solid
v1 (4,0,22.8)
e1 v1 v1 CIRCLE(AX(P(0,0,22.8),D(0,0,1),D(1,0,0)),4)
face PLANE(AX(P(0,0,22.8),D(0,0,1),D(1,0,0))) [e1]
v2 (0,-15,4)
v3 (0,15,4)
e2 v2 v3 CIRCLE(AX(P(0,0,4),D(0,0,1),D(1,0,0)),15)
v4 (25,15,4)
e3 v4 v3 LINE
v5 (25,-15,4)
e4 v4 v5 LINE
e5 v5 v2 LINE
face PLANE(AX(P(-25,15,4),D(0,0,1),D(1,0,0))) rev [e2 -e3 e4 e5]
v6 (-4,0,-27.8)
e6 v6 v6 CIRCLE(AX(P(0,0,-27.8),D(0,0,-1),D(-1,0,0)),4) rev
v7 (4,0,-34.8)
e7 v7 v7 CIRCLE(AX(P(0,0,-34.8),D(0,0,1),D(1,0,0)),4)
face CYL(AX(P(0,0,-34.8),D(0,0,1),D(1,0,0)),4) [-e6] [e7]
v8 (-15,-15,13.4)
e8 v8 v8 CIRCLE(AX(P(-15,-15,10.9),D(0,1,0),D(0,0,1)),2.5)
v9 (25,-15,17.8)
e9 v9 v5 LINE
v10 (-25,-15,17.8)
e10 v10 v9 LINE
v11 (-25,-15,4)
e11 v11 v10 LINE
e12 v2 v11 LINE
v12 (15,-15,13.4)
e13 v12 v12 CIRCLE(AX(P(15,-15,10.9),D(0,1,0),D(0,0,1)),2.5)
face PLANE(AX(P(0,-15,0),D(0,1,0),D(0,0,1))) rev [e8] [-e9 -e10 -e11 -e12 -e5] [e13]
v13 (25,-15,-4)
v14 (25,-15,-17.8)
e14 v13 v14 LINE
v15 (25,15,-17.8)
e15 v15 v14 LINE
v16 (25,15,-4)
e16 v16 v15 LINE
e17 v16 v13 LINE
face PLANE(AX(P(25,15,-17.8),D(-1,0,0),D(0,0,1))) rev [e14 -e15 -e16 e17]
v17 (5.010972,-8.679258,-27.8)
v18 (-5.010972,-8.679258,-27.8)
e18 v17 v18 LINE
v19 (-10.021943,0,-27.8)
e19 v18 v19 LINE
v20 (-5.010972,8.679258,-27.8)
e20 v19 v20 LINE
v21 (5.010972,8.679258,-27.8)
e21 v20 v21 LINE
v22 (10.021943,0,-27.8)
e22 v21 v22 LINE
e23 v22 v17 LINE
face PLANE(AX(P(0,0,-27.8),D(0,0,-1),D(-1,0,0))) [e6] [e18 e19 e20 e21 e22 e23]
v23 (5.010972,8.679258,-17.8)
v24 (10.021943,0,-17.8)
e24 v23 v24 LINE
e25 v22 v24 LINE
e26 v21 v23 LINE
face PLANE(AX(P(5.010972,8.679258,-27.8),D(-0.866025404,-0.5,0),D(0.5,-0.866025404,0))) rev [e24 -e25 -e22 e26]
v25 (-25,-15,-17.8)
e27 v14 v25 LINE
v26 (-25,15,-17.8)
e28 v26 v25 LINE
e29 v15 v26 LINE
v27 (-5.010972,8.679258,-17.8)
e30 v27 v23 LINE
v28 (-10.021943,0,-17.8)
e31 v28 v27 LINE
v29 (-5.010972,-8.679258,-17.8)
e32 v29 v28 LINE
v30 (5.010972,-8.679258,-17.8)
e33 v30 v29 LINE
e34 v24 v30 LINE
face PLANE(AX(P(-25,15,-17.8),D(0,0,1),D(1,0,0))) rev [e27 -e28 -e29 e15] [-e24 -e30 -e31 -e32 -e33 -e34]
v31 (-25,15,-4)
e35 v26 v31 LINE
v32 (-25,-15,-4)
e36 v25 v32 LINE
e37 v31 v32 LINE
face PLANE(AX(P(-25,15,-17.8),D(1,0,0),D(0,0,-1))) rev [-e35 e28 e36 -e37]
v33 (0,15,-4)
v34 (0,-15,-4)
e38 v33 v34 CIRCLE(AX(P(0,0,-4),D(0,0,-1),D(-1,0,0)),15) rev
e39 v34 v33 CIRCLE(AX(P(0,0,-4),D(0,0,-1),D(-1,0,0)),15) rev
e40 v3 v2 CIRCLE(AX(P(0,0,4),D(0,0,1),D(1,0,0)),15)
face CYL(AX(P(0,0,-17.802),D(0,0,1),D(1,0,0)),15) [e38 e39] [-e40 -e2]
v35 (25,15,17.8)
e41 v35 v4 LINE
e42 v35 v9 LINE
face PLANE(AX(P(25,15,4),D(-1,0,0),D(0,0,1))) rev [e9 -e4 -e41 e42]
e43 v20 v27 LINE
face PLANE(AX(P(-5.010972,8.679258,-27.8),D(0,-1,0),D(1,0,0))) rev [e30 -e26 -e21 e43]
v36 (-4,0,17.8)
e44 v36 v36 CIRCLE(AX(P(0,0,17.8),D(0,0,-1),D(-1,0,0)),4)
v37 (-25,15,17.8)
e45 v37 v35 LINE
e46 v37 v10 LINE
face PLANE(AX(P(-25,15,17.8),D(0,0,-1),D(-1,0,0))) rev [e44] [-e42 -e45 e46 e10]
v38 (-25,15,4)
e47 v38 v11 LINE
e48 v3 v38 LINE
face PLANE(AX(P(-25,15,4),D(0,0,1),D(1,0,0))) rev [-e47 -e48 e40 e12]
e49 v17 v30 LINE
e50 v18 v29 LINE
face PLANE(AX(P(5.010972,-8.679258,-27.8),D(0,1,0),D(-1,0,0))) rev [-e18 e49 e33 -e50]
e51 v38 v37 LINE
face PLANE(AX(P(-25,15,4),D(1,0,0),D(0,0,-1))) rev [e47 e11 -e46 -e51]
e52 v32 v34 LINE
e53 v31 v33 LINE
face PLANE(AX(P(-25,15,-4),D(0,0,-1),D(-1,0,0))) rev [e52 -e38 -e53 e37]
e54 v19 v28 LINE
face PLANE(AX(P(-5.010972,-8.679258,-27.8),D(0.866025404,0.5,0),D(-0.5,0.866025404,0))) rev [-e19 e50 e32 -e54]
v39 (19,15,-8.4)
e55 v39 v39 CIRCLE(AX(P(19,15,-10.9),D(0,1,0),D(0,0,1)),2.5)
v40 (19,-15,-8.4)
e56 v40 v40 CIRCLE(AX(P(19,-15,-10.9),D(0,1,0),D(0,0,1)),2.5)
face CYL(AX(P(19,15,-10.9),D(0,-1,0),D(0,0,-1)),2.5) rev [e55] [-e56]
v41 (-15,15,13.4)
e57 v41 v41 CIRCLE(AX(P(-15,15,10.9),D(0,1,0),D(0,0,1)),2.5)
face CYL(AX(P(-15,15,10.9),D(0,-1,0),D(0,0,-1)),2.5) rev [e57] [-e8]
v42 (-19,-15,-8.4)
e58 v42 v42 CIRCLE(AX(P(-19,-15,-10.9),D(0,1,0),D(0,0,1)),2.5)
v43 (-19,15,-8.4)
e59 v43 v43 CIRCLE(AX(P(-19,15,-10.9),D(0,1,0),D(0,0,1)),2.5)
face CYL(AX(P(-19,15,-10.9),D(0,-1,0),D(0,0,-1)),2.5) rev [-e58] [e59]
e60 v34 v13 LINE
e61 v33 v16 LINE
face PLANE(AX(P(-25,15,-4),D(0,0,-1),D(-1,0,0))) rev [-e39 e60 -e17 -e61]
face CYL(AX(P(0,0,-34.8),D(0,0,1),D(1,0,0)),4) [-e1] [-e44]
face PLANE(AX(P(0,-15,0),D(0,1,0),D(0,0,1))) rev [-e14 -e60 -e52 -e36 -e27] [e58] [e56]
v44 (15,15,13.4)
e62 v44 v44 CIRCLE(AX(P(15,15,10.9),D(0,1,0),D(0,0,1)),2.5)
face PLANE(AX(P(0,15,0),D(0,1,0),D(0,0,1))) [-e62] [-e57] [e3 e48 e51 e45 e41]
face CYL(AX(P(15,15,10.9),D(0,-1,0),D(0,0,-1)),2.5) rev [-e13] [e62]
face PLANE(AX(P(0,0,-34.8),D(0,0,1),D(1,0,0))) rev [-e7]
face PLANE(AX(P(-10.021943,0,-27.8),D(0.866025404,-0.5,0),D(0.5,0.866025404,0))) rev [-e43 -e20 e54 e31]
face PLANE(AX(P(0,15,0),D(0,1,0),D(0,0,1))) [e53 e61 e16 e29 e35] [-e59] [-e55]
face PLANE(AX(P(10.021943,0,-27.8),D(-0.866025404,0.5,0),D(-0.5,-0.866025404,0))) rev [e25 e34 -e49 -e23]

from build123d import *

# Parameters (mm, degrees)
SKETCH_1_W        = 50
SKETCH_1_H        = 13.8
SKETCH_1_R        = 2.5
EXTRUDE_1_DEPTH   = 15
EXTRUDE_1_2_DEPTH = 15
EXTRUDE_START     = -4
SKETCH_2_R        = 15
EXTRUDE_2_DEPTH   = 8
SKETCH_3_R        = 4
EXTRUDE_3_DEPTH   = 57.6
EXTRUDE_4_DEPTH   = 10


with BuildPart() as part:
    # 草图1 → 凸台-拉伸1 (new, symmetric)
    with BuildSketch(Plane(origin=(0, 0, 0), x_dir=(1, 0, 0), z_dir=(0, 1, 0))):
        with Locations((0, 10.9)):
            Rectangle(SKETCH_1_W, SKETCH_1_H)
        with Locations(Location((-19, 10.9, 0), (0, 0, 270))):
            Circle(SKETCH_1_R, mode=Mode.SUBTRACT)
        with Locations(Location((19, 10.9, 0), (0, 0, 270))):
            Circle(SKETCH_1_R, mode=Mode.SUBTRACT)
    extrude(amount=EXTRUDE_1_DEPTH, both=True)



with BuildPart() as body_2:
    # 草图1 → Extrude 1 2 (new, symmetric)
    with BuildSketch(Plane(origin=(0, 0, 0), x_dir=(1, 0, 0), z_dir=(0, 1, 0))):
        with Locations((0, -10.9)):
            Rectangle(SKETCH_1_W, SKETCH_1_H)
        with Locations(Location((15, -10.9, 0), (0, 0, 270))):
            Circle(SKETCH_1_R, mode=Mode.SUBTRACT)
        with Locations(Location((-15, -10.9, 0), (0, 0, 270))):
            Circle(SKETCH_1_R, mode=Mode.SUBTRACT)
    extrude(amount=EXTRUDE_1_2_DEPTH, both=True)


with BuildPart() as part_1:
    add(part.part)

    add(body_2.part)  # 凸台-拉伸2 merges body 2
    # 草图2 → 凸台-拉伸2 (add)
    with BuildSketch(Plane.XY.offset(EXTRUDE_START)):
        with Locations(Location((0, 0, 0), (0, 0, 90))):
            Circle(SKETCH_2_R)
    extrude(amount=EXTRUDE_2_DEPTH)

    # 草图3 → 凸台-拉伸3 (add)
    with BuildSketch(Plane.XY.offset(22.8)):
        Circle(SKETCH_3_R)
    extrude(amount=-EXTRUDE_3_DEPTH)

    # 草图4 → 凸台-拉伸4 (add)
    with BuildSketch(Plane(origin=(0, 0, -17.8), x_dir=(-1, 0, 0), z_dir=(0, 0, -1))):
        Polygon((-10.021943358, 0), (-5.010971679, -8.679257543), (5.010971679, -8.679257543), (10.021943358, 0), (5.010971679, 8.679257543), (-5.010971679, 8.679257543), align=None)
    extrude(amount=EXTRUDE_4_DEPTH)


solid = part_1.part
